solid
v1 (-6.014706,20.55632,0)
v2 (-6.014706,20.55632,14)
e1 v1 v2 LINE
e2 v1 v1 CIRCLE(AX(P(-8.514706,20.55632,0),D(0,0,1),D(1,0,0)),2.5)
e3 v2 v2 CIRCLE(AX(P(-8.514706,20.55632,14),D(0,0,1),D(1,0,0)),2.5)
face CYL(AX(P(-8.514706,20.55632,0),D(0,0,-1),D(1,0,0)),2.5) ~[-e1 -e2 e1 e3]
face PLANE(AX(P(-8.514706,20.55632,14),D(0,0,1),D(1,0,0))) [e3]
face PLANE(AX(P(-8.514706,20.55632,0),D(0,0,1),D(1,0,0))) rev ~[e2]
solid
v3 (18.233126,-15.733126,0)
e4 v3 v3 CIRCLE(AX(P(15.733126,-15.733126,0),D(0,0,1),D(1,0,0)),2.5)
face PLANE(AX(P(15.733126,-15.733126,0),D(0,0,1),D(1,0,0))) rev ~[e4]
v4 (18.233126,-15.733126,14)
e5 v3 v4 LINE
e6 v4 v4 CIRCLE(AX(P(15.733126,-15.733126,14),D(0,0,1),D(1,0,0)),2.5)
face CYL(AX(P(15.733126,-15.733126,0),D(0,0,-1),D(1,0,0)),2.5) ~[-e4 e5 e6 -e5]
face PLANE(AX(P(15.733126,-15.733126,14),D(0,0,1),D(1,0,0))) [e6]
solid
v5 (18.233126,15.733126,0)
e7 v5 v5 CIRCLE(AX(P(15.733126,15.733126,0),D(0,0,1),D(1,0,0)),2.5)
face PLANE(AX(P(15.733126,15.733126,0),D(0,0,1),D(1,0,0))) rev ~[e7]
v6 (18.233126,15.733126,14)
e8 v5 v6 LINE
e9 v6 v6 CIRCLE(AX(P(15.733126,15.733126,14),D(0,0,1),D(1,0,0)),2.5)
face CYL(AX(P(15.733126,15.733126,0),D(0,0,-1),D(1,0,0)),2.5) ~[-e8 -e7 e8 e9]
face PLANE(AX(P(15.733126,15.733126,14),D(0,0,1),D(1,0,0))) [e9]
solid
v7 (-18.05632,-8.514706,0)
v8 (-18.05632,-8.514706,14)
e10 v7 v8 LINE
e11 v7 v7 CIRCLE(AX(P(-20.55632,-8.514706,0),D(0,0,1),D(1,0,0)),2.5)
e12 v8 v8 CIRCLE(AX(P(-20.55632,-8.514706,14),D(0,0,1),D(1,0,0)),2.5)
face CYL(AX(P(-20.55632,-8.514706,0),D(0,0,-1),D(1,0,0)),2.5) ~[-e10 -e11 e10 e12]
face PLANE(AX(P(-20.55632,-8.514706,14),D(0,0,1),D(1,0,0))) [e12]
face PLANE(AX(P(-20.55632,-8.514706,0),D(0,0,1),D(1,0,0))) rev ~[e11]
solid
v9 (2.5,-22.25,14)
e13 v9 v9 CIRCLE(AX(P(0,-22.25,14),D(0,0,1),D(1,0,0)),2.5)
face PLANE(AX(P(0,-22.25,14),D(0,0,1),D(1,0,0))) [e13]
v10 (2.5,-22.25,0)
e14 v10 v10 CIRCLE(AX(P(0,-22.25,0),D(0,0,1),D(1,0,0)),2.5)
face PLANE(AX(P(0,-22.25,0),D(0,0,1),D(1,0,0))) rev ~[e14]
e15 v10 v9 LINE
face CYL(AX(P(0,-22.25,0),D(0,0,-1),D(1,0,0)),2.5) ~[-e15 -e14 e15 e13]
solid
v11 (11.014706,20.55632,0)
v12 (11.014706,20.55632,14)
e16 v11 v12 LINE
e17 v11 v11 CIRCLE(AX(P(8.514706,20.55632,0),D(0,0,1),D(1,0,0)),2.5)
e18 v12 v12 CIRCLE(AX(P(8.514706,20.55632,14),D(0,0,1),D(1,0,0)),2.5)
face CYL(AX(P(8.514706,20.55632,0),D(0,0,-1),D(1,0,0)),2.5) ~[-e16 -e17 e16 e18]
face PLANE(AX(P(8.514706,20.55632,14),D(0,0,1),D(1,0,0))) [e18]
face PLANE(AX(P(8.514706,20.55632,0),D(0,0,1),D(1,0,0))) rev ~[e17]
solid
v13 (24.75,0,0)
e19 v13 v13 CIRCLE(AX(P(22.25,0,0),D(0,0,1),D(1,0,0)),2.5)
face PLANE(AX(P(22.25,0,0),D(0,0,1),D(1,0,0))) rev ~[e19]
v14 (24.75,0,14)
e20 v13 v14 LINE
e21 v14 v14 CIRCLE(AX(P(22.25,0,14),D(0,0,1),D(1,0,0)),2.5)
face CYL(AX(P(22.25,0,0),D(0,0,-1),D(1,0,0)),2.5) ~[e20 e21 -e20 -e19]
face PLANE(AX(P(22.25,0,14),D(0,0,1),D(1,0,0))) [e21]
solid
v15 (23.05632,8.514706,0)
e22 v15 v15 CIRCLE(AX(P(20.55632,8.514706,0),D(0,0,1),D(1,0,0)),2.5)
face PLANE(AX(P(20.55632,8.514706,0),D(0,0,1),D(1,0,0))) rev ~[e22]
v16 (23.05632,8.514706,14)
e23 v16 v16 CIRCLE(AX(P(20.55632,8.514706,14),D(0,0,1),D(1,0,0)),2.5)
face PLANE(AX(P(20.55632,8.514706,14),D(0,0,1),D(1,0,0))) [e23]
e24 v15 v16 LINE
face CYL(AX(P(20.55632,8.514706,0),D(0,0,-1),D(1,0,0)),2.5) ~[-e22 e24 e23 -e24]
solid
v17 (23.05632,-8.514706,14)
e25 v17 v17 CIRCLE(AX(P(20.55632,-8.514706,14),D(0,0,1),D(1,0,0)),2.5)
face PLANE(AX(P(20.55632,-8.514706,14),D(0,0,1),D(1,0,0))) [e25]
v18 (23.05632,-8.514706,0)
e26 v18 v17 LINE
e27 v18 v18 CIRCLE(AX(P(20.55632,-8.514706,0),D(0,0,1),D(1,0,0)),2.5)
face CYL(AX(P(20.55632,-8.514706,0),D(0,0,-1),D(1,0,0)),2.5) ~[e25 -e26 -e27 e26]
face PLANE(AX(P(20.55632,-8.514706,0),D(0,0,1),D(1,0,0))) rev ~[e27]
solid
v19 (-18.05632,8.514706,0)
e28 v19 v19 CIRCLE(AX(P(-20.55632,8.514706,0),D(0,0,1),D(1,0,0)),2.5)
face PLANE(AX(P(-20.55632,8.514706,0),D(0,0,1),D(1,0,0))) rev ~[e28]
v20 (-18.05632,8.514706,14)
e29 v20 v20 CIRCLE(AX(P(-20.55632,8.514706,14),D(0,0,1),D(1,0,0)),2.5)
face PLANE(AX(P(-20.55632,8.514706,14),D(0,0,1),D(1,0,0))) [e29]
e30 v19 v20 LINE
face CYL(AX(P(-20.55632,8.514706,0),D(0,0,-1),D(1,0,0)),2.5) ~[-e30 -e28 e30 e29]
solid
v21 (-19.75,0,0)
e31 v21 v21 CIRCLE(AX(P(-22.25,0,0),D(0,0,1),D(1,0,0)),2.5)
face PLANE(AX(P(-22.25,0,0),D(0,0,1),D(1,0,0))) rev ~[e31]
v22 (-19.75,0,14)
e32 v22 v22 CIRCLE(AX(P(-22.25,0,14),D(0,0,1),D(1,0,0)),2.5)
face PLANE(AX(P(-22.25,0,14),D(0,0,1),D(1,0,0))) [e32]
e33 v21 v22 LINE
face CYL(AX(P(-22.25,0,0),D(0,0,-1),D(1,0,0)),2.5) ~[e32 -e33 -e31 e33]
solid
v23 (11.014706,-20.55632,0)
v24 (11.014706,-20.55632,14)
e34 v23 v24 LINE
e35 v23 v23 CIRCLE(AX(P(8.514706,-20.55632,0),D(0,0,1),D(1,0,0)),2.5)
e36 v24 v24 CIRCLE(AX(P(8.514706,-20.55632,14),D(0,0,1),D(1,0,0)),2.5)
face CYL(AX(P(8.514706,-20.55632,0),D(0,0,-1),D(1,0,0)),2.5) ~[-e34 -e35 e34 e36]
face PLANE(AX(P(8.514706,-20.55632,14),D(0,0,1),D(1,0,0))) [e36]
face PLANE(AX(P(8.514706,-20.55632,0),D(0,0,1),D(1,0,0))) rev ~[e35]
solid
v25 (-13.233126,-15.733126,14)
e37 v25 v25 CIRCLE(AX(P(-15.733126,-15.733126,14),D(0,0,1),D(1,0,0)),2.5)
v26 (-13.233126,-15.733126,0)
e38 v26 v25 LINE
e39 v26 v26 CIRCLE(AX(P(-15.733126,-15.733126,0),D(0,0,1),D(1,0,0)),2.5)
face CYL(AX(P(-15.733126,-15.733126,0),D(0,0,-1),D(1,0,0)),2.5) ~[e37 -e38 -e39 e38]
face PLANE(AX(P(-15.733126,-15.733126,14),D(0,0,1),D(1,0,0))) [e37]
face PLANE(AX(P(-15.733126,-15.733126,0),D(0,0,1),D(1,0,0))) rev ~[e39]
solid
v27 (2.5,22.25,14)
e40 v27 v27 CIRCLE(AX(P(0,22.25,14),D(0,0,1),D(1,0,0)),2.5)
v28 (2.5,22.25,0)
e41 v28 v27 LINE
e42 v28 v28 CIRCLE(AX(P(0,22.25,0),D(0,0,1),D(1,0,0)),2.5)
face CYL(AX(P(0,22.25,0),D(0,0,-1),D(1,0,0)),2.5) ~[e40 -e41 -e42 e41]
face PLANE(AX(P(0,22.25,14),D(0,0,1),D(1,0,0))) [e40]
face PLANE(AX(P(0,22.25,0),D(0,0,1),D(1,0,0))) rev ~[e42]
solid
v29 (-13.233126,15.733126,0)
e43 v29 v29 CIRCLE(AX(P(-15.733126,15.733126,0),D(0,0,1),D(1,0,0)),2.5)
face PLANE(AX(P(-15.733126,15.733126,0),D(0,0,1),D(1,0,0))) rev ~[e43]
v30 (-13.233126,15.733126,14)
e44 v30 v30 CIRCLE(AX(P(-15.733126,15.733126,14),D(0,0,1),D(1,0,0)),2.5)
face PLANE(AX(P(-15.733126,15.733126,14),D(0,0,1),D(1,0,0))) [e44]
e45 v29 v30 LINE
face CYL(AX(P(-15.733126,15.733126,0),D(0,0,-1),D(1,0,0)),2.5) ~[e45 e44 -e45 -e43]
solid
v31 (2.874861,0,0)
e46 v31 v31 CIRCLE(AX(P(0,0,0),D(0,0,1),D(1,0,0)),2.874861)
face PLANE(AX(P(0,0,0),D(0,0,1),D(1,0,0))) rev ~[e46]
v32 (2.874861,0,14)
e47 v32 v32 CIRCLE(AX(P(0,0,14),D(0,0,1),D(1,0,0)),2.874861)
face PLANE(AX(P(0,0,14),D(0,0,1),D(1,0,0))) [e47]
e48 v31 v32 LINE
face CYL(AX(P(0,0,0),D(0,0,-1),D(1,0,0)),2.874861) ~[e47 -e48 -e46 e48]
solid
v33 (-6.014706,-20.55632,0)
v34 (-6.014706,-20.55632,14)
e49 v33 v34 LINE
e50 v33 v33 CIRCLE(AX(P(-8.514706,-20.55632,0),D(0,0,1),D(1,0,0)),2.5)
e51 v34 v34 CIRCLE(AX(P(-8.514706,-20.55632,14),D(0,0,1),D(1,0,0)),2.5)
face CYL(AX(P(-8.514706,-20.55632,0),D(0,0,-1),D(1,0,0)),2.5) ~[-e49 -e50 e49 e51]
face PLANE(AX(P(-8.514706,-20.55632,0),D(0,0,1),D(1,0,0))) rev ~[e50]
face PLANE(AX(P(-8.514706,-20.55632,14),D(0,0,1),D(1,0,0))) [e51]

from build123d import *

# Parameters (mm, degrees)
F0_R     = 2.5
F0_R_2   = 2.874861
F1_DEPTH = 14


with BuildPart() as f1:
    # F0 (on Top) → F1 (new body)
    with BuildSketch(Plane.XY):
        with Locations((8.514706, 20.55632)):
            Circle(F0_R)
        with Locations((20.55632, 8.514706)):
            Circle(F0_R)
        with Locations((15.733126, 15.733126)):
            Circle(F0_R)
        with Locations((0, 22.25)):
            Circle(F0_R)
        with Locations((-8.514706, 20.55632)):
            Circle(F0_R)
        with Locations((-15.733126, 15.733126)):
            Circle(F0_R)
        with Locations((-20.55632, 8.514706)):
            Circle(F0_R)
        with Locations((-22.25, 0)):
            Circle(F0_R)
        with Locations((-20.55632, -8.514706)):
            Circle(F0_R)
        with Locations((-15.733126, -15.733126)):
            Circle(F0_R)
        with Locations((-8.514706, -20.55632)):
            Circle(F0_R)
        with Locations((0, -22.25)):
            Circle(F0_R)
        with Locations((8.514706, -20.55632)):
            Circle(F0_R)
        with Locations((15.733126, -15.733126)):
            Circle(F0_R)
        with Locations((20.55632, -8.514706)):
            Circle(F0_R)
        with Locations((22.25, 0)):
            Circle(F0_R)
        Circle(F0_R_2)
    extrude(amount=F1_DEPTH)


solid = f1.part
